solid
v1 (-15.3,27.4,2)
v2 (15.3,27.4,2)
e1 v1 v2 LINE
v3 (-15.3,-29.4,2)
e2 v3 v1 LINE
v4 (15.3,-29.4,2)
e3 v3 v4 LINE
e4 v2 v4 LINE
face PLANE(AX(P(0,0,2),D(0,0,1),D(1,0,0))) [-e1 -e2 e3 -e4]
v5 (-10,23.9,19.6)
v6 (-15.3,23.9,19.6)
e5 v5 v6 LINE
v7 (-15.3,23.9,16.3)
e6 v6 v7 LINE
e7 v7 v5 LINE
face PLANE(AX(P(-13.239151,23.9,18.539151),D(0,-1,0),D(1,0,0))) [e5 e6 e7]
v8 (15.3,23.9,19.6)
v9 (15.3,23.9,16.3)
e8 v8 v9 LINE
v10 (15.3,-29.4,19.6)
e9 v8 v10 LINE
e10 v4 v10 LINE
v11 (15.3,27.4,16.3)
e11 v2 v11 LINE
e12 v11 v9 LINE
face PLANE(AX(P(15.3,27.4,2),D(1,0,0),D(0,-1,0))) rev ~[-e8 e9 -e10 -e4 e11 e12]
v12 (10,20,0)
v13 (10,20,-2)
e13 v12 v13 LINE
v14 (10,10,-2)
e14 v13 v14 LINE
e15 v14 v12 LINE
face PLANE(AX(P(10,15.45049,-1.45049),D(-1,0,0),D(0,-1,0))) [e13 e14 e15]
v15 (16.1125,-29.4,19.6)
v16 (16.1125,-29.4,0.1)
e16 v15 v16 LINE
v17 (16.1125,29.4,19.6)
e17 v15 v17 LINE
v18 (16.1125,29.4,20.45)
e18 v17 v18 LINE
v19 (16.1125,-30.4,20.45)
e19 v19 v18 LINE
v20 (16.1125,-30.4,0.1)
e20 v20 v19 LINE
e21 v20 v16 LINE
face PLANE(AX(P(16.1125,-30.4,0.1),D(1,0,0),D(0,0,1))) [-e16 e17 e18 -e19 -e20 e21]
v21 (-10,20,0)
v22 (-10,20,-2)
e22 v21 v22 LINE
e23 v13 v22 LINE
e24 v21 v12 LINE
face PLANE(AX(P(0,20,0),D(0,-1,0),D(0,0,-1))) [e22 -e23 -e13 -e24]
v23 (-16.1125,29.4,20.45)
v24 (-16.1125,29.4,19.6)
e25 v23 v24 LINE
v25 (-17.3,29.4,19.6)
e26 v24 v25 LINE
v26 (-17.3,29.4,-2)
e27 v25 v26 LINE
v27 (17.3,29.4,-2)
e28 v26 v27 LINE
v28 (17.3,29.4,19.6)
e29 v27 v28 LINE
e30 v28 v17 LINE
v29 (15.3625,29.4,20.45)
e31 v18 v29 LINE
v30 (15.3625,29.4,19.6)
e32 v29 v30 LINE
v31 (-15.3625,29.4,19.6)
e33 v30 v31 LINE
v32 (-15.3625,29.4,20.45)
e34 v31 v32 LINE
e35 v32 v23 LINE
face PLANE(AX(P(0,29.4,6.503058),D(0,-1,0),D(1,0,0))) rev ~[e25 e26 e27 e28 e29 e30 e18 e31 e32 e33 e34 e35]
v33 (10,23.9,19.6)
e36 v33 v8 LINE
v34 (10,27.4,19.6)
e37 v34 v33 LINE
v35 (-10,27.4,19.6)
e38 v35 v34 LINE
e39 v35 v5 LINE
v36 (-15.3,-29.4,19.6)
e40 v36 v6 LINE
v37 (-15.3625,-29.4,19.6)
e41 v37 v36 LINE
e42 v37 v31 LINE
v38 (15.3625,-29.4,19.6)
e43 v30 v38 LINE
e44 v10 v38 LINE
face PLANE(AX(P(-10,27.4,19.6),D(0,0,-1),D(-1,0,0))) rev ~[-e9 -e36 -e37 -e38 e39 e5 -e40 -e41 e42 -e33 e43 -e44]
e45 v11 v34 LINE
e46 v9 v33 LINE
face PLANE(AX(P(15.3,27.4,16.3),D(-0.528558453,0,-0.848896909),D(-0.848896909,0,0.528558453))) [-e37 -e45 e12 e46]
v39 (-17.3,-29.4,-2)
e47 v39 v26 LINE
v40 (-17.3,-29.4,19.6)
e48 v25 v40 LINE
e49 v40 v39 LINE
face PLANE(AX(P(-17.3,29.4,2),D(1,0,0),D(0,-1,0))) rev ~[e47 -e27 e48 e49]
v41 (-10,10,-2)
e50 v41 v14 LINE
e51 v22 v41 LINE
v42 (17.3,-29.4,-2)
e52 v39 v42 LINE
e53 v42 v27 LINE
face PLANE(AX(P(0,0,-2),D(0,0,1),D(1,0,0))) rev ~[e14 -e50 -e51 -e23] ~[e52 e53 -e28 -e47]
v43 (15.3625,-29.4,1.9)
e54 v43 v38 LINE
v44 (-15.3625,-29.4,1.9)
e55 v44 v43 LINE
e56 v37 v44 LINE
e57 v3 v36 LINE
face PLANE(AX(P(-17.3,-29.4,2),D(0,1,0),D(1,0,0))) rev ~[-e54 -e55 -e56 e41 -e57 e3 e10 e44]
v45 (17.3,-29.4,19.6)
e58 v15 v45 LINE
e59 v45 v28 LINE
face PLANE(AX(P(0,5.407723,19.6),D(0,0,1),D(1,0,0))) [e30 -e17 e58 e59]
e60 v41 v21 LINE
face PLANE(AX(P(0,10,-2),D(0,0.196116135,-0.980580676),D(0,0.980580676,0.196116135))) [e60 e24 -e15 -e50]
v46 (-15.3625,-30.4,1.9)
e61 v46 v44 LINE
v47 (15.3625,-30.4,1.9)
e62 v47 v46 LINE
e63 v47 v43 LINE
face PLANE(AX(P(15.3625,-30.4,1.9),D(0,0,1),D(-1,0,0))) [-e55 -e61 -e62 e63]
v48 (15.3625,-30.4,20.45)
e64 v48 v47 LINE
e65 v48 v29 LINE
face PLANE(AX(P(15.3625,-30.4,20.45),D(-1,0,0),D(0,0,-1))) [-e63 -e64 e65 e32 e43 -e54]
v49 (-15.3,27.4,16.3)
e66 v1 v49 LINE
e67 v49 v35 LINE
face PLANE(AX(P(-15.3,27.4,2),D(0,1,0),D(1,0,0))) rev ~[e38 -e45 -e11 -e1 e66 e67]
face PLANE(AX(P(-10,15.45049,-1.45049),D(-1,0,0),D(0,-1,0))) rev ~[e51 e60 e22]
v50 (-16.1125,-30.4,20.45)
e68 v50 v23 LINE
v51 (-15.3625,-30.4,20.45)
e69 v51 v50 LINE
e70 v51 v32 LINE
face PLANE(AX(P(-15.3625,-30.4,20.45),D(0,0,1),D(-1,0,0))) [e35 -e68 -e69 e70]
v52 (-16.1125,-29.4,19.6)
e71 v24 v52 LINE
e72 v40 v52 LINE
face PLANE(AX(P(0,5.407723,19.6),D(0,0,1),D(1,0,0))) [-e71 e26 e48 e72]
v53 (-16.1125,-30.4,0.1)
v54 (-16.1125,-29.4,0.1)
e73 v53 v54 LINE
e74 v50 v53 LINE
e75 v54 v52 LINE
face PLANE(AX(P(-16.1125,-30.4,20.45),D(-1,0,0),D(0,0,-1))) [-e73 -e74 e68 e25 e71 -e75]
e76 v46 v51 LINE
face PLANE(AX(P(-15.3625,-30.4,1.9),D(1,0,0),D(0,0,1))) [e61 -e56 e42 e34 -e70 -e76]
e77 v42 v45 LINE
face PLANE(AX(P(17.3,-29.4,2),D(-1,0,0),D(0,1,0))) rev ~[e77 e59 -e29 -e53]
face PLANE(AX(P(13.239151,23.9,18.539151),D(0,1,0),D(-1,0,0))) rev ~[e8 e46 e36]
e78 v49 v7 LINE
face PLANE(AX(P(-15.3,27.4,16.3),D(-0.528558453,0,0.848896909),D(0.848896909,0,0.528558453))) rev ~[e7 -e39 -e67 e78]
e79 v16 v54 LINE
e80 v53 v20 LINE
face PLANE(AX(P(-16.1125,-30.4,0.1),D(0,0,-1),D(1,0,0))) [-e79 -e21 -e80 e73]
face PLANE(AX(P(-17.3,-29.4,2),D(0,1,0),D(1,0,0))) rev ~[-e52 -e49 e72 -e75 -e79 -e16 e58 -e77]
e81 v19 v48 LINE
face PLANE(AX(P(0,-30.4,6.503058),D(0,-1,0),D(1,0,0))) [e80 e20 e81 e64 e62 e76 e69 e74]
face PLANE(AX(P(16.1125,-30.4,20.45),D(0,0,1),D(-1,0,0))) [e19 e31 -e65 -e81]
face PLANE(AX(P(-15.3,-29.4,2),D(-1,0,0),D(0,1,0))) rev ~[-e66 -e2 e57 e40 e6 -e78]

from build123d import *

# Parameters (mm, degrees)
SKETCH_W     = 34.6
SKETCH_H     = 58.8
PAD_DEPTH    = 4
PAD001_DEPTH = 17.6
PAD003_DEPTH = 59.8
PAD004_DEPTH = 3.5
POCKET_DEPTH = 10


with BuildPart() as part:
    # Sketch → Pad (new body)
    with BuildSketch(Plane.XY.offset(-2)):
        Rectangle(SKETCH_W, SKETCH_H)
    extrude(amount=PAD_DEPTH)

    # Sketch001 → Pad001 (join)
    with BuildSketch(Plane.XY.offset(2)):
        Polygon((-15.3, -29.4), (-15.3, 27.4), (15.3, 27.4), (15.3, -29.4), (17.3, -29.4), (17.3, 29.4), (-17.3, 29.4), (-17.3, -29.4), align=None)
    extrude(amount=PAD001_DEPTH)

    # Sketch003 → Pad003 (join)
    with BuildSketch(Plane.XZ.offset(30.4)):
        Polygon((-15.3625, 20.45), (-16.1125, 20.45), (-16.1125, 0.1), (16.1125, 0.1), (16.1125, 20.45), (15.3625, 20.45), (15.3625, 1.9), (-15.3625, 1.9), align=None)
    extrude(amount=-PAD003_DEPTH)

    # Sketch004 → Pad004 (join)
    with BuildSketch(Plane.XZ.offset(-27.4)):
        Polygon((-15.3, 19.6), (-15.3, 16.3), (-10, 19.6), align=None)
        Polygon((15.3, 19.6), (15.3, 16.3), (10, 19.6), align=None)
    extrude(amount=PAD004_DEPTH)

    # Sketch005 → Pocket (cut, symmetric)
    with BuildSketch(Plane.YZ):
        Polygon((20, 0), (20, -2), (10, -2), align=None)
    extrude(amount=POCKET_DEPTH, both=True, mode=Mode.SUBTRACT)


solid = part.part
